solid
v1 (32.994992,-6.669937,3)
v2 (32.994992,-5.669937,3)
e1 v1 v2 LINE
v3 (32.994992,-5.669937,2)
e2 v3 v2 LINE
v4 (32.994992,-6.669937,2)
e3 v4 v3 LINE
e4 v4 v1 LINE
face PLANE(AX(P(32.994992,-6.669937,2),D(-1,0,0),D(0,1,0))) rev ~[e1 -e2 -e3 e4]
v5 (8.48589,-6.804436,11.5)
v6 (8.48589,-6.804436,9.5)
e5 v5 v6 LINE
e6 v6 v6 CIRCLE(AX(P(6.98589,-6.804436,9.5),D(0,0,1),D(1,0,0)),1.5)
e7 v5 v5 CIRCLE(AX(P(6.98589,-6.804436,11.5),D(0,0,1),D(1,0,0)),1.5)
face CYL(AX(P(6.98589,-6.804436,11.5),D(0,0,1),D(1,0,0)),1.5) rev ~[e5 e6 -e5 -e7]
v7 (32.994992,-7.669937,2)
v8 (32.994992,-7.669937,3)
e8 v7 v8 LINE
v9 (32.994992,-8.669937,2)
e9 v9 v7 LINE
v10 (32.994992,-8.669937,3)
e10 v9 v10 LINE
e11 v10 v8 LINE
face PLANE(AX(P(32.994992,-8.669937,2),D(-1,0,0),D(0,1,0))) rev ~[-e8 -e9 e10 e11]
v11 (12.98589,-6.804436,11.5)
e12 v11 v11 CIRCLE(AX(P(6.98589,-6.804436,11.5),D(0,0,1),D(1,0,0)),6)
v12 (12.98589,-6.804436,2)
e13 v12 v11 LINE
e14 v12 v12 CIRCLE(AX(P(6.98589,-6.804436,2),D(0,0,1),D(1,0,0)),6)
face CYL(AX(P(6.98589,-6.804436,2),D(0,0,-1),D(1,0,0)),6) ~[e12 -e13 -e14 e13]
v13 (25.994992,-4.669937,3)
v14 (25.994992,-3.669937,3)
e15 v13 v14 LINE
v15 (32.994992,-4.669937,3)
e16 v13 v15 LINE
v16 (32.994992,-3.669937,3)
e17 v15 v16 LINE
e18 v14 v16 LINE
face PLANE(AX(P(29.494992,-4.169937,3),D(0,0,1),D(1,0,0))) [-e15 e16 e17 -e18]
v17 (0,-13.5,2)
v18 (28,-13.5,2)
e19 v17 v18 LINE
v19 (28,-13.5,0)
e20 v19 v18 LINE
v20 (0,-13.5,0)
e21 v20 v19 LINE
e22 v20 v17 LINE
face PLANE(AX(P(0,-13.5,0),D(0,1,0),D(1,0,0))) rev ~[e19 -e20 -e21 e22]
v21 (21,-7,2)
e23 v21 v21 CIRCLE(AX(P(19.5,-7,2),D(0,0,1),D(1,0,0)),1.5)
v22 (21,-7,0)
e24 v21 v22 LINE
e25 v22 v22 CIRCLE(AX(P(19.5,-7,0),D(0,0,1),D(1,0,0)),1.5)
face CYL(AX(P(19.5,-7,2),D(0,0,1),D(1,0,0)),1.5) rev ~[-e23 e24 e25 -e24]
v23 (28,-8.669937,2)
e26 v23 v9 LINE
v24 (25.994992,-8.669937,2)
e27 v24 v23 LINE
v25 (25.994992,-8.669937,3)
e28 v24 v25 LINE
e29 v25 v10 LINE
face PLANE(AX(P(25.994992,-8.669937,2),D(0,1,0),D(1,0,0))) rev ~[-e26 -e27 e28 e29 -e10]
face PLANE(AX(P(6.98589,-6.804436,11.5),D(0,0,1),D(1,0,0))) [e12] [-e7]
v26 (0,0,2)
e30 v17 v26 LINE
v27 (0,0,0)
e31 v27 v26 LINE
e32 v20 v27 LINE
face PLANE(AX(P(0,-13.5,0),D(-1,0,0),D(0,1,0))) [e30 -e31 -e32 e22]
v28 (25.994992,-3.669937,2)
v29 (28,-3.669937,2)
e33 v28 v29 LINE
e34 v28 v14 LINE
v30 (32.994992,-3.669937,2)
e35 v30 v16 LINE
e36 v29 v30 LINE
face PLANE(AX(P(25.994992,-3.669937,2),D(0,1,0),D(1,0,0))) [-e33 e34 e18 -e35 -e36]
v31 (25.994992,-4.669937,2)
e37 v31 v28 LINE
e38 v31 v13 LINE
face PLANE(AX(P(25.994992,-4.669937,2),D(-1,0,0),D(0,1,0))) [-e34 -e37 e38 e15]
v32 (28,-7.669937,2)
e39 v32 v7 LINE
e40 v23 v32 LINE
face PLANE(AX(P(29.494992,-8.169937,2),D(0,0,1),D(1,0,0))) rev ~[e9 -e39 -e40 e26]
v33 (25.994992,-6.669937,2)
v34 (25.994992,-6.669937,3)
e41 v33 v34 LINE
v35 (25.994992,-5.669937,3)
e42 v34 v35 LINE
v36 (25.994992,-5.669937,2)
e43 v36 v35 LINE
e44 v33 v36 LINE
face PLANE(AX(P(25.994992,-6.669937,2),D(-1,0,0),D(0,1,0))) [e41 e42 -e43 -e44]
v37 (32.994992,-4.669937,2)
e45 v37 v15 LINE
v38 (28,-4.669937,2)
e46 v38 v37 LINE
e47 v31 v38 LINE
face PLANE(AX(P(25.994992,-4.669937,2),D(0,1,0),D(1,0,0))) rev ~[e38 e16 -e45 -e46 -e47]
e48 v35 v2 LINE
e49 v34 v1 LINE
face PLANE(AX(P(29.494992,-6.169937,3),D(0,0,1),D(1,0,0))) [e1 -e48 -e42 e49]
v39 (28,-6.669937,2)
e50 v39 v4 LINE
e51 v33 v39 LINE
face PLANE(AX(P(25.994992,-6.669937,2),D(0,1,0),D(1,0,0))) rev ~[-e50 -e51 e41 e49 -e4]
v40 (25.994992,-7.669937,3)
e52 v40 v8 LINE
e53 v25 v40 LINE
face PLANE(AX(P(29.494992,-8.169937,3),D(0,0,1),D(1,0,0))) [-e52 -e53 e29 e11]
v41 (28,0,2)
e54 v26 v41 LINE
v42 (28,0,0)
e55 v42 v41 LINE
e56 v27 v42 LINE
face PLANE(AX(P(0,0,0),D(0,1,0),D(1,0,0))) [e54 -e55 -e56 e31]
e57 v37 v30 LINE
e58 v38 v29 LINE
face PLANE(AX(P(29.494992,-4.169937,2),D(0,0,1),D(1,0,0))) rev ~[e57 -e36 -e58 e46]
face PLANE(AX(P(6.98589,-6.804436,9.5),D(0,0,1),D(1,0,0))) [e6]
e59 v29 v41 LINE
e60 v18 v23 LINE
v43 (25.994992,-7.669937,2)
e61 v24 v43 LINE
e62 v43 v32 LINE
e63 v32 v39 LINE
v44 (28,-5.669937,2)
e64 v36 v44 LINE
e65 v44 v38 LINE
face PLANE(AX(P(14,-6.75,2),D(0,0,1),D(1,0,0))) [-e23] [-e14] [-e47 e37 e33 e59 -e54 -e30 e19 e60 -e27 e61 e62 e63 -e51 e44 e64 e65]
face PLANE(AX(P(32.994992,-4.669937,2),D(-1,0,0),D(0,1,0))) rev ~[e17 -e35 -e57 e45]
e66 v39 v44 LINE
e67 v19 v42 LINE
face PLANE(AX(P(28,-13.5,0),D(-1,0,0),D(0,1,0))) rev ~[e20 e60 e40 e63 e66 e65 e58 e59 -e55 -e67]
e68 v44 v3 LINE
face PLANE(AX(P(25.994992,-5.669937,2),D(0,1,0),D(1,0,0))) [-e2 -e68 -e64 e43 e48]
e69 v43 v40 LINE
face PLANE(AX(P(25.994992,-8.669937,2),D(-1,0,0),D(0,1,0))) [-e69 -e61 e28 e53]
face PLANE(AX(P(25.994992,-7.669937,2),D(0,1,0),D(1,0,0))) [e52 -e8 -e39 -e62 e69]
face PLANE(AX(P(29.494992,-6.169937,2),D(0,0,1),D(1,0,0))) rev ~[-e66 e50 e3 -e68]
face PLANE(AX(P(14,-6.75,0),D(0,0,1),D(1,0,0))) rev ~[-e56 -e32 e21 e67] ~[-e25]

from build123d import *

# Parameters (mm, degrees)
F0_W     = 28
F0_H     = 13.5
F1_DEPTH = 2
F2_R     = 6
F3_DEPTH = 9.5
F4_R     = 1.5
F5_DEPTH = 2
F6_W     = 7
F6_H     = 1
F7_DEPTH = 1
F8_R     = 1.5
F9_DEPTH = 25


with BuildPart() as f1:
    # F0 (on Top) → F1 (new body)
    with BuildSketch(Plane.XY):
        with Locations((14, -6.75)):
            Rectangle(F0_W, F0_H)
    extrude(amount=F1_DEPTH)

    # F2 (on face) → F3 (join)
    with BuildSketch(Plane.XY.offset(2)):
        with Locations((6.98589, -6.804436)):
            Circle(F2_R)
    extrude(amount=F3_DEPTH)

    # F4 (on face) → F5 (cut)
    with BuildSketch(Plane.XY.offset(11.5)):
        with Locations((6.98589, -6.804436)):
            Circle(F4_R)
    extrude(amount=-F5_DEPTH, mode=Mode.SUBTRACT)

    # F6 (on face) → F7 (join)
    with BuildSketch(Plane.XY.offset(2)):
        with Locations((29.494992, -8.169937)):
            Rectangle(F6_W, F6_H)
        with Locations((29.494992, -6.169937)):
            Rectangle(F6_W, F6_H)
        with Locations((29.494992, -4.169937)):
            Rectangle(F6_W, F6_H)
    extrude(amount=F7_DEPTH)

    # F8 (on face) → F9 (cut)
    with BuildSketch(Plane.XY.offset(2)):
        with Locations((19.5, -7)):
            Circle(F8_R)
    extrude(amount=-F9_DEPTH, mode=Mode.SUBTRACT)


solid = f1.part
